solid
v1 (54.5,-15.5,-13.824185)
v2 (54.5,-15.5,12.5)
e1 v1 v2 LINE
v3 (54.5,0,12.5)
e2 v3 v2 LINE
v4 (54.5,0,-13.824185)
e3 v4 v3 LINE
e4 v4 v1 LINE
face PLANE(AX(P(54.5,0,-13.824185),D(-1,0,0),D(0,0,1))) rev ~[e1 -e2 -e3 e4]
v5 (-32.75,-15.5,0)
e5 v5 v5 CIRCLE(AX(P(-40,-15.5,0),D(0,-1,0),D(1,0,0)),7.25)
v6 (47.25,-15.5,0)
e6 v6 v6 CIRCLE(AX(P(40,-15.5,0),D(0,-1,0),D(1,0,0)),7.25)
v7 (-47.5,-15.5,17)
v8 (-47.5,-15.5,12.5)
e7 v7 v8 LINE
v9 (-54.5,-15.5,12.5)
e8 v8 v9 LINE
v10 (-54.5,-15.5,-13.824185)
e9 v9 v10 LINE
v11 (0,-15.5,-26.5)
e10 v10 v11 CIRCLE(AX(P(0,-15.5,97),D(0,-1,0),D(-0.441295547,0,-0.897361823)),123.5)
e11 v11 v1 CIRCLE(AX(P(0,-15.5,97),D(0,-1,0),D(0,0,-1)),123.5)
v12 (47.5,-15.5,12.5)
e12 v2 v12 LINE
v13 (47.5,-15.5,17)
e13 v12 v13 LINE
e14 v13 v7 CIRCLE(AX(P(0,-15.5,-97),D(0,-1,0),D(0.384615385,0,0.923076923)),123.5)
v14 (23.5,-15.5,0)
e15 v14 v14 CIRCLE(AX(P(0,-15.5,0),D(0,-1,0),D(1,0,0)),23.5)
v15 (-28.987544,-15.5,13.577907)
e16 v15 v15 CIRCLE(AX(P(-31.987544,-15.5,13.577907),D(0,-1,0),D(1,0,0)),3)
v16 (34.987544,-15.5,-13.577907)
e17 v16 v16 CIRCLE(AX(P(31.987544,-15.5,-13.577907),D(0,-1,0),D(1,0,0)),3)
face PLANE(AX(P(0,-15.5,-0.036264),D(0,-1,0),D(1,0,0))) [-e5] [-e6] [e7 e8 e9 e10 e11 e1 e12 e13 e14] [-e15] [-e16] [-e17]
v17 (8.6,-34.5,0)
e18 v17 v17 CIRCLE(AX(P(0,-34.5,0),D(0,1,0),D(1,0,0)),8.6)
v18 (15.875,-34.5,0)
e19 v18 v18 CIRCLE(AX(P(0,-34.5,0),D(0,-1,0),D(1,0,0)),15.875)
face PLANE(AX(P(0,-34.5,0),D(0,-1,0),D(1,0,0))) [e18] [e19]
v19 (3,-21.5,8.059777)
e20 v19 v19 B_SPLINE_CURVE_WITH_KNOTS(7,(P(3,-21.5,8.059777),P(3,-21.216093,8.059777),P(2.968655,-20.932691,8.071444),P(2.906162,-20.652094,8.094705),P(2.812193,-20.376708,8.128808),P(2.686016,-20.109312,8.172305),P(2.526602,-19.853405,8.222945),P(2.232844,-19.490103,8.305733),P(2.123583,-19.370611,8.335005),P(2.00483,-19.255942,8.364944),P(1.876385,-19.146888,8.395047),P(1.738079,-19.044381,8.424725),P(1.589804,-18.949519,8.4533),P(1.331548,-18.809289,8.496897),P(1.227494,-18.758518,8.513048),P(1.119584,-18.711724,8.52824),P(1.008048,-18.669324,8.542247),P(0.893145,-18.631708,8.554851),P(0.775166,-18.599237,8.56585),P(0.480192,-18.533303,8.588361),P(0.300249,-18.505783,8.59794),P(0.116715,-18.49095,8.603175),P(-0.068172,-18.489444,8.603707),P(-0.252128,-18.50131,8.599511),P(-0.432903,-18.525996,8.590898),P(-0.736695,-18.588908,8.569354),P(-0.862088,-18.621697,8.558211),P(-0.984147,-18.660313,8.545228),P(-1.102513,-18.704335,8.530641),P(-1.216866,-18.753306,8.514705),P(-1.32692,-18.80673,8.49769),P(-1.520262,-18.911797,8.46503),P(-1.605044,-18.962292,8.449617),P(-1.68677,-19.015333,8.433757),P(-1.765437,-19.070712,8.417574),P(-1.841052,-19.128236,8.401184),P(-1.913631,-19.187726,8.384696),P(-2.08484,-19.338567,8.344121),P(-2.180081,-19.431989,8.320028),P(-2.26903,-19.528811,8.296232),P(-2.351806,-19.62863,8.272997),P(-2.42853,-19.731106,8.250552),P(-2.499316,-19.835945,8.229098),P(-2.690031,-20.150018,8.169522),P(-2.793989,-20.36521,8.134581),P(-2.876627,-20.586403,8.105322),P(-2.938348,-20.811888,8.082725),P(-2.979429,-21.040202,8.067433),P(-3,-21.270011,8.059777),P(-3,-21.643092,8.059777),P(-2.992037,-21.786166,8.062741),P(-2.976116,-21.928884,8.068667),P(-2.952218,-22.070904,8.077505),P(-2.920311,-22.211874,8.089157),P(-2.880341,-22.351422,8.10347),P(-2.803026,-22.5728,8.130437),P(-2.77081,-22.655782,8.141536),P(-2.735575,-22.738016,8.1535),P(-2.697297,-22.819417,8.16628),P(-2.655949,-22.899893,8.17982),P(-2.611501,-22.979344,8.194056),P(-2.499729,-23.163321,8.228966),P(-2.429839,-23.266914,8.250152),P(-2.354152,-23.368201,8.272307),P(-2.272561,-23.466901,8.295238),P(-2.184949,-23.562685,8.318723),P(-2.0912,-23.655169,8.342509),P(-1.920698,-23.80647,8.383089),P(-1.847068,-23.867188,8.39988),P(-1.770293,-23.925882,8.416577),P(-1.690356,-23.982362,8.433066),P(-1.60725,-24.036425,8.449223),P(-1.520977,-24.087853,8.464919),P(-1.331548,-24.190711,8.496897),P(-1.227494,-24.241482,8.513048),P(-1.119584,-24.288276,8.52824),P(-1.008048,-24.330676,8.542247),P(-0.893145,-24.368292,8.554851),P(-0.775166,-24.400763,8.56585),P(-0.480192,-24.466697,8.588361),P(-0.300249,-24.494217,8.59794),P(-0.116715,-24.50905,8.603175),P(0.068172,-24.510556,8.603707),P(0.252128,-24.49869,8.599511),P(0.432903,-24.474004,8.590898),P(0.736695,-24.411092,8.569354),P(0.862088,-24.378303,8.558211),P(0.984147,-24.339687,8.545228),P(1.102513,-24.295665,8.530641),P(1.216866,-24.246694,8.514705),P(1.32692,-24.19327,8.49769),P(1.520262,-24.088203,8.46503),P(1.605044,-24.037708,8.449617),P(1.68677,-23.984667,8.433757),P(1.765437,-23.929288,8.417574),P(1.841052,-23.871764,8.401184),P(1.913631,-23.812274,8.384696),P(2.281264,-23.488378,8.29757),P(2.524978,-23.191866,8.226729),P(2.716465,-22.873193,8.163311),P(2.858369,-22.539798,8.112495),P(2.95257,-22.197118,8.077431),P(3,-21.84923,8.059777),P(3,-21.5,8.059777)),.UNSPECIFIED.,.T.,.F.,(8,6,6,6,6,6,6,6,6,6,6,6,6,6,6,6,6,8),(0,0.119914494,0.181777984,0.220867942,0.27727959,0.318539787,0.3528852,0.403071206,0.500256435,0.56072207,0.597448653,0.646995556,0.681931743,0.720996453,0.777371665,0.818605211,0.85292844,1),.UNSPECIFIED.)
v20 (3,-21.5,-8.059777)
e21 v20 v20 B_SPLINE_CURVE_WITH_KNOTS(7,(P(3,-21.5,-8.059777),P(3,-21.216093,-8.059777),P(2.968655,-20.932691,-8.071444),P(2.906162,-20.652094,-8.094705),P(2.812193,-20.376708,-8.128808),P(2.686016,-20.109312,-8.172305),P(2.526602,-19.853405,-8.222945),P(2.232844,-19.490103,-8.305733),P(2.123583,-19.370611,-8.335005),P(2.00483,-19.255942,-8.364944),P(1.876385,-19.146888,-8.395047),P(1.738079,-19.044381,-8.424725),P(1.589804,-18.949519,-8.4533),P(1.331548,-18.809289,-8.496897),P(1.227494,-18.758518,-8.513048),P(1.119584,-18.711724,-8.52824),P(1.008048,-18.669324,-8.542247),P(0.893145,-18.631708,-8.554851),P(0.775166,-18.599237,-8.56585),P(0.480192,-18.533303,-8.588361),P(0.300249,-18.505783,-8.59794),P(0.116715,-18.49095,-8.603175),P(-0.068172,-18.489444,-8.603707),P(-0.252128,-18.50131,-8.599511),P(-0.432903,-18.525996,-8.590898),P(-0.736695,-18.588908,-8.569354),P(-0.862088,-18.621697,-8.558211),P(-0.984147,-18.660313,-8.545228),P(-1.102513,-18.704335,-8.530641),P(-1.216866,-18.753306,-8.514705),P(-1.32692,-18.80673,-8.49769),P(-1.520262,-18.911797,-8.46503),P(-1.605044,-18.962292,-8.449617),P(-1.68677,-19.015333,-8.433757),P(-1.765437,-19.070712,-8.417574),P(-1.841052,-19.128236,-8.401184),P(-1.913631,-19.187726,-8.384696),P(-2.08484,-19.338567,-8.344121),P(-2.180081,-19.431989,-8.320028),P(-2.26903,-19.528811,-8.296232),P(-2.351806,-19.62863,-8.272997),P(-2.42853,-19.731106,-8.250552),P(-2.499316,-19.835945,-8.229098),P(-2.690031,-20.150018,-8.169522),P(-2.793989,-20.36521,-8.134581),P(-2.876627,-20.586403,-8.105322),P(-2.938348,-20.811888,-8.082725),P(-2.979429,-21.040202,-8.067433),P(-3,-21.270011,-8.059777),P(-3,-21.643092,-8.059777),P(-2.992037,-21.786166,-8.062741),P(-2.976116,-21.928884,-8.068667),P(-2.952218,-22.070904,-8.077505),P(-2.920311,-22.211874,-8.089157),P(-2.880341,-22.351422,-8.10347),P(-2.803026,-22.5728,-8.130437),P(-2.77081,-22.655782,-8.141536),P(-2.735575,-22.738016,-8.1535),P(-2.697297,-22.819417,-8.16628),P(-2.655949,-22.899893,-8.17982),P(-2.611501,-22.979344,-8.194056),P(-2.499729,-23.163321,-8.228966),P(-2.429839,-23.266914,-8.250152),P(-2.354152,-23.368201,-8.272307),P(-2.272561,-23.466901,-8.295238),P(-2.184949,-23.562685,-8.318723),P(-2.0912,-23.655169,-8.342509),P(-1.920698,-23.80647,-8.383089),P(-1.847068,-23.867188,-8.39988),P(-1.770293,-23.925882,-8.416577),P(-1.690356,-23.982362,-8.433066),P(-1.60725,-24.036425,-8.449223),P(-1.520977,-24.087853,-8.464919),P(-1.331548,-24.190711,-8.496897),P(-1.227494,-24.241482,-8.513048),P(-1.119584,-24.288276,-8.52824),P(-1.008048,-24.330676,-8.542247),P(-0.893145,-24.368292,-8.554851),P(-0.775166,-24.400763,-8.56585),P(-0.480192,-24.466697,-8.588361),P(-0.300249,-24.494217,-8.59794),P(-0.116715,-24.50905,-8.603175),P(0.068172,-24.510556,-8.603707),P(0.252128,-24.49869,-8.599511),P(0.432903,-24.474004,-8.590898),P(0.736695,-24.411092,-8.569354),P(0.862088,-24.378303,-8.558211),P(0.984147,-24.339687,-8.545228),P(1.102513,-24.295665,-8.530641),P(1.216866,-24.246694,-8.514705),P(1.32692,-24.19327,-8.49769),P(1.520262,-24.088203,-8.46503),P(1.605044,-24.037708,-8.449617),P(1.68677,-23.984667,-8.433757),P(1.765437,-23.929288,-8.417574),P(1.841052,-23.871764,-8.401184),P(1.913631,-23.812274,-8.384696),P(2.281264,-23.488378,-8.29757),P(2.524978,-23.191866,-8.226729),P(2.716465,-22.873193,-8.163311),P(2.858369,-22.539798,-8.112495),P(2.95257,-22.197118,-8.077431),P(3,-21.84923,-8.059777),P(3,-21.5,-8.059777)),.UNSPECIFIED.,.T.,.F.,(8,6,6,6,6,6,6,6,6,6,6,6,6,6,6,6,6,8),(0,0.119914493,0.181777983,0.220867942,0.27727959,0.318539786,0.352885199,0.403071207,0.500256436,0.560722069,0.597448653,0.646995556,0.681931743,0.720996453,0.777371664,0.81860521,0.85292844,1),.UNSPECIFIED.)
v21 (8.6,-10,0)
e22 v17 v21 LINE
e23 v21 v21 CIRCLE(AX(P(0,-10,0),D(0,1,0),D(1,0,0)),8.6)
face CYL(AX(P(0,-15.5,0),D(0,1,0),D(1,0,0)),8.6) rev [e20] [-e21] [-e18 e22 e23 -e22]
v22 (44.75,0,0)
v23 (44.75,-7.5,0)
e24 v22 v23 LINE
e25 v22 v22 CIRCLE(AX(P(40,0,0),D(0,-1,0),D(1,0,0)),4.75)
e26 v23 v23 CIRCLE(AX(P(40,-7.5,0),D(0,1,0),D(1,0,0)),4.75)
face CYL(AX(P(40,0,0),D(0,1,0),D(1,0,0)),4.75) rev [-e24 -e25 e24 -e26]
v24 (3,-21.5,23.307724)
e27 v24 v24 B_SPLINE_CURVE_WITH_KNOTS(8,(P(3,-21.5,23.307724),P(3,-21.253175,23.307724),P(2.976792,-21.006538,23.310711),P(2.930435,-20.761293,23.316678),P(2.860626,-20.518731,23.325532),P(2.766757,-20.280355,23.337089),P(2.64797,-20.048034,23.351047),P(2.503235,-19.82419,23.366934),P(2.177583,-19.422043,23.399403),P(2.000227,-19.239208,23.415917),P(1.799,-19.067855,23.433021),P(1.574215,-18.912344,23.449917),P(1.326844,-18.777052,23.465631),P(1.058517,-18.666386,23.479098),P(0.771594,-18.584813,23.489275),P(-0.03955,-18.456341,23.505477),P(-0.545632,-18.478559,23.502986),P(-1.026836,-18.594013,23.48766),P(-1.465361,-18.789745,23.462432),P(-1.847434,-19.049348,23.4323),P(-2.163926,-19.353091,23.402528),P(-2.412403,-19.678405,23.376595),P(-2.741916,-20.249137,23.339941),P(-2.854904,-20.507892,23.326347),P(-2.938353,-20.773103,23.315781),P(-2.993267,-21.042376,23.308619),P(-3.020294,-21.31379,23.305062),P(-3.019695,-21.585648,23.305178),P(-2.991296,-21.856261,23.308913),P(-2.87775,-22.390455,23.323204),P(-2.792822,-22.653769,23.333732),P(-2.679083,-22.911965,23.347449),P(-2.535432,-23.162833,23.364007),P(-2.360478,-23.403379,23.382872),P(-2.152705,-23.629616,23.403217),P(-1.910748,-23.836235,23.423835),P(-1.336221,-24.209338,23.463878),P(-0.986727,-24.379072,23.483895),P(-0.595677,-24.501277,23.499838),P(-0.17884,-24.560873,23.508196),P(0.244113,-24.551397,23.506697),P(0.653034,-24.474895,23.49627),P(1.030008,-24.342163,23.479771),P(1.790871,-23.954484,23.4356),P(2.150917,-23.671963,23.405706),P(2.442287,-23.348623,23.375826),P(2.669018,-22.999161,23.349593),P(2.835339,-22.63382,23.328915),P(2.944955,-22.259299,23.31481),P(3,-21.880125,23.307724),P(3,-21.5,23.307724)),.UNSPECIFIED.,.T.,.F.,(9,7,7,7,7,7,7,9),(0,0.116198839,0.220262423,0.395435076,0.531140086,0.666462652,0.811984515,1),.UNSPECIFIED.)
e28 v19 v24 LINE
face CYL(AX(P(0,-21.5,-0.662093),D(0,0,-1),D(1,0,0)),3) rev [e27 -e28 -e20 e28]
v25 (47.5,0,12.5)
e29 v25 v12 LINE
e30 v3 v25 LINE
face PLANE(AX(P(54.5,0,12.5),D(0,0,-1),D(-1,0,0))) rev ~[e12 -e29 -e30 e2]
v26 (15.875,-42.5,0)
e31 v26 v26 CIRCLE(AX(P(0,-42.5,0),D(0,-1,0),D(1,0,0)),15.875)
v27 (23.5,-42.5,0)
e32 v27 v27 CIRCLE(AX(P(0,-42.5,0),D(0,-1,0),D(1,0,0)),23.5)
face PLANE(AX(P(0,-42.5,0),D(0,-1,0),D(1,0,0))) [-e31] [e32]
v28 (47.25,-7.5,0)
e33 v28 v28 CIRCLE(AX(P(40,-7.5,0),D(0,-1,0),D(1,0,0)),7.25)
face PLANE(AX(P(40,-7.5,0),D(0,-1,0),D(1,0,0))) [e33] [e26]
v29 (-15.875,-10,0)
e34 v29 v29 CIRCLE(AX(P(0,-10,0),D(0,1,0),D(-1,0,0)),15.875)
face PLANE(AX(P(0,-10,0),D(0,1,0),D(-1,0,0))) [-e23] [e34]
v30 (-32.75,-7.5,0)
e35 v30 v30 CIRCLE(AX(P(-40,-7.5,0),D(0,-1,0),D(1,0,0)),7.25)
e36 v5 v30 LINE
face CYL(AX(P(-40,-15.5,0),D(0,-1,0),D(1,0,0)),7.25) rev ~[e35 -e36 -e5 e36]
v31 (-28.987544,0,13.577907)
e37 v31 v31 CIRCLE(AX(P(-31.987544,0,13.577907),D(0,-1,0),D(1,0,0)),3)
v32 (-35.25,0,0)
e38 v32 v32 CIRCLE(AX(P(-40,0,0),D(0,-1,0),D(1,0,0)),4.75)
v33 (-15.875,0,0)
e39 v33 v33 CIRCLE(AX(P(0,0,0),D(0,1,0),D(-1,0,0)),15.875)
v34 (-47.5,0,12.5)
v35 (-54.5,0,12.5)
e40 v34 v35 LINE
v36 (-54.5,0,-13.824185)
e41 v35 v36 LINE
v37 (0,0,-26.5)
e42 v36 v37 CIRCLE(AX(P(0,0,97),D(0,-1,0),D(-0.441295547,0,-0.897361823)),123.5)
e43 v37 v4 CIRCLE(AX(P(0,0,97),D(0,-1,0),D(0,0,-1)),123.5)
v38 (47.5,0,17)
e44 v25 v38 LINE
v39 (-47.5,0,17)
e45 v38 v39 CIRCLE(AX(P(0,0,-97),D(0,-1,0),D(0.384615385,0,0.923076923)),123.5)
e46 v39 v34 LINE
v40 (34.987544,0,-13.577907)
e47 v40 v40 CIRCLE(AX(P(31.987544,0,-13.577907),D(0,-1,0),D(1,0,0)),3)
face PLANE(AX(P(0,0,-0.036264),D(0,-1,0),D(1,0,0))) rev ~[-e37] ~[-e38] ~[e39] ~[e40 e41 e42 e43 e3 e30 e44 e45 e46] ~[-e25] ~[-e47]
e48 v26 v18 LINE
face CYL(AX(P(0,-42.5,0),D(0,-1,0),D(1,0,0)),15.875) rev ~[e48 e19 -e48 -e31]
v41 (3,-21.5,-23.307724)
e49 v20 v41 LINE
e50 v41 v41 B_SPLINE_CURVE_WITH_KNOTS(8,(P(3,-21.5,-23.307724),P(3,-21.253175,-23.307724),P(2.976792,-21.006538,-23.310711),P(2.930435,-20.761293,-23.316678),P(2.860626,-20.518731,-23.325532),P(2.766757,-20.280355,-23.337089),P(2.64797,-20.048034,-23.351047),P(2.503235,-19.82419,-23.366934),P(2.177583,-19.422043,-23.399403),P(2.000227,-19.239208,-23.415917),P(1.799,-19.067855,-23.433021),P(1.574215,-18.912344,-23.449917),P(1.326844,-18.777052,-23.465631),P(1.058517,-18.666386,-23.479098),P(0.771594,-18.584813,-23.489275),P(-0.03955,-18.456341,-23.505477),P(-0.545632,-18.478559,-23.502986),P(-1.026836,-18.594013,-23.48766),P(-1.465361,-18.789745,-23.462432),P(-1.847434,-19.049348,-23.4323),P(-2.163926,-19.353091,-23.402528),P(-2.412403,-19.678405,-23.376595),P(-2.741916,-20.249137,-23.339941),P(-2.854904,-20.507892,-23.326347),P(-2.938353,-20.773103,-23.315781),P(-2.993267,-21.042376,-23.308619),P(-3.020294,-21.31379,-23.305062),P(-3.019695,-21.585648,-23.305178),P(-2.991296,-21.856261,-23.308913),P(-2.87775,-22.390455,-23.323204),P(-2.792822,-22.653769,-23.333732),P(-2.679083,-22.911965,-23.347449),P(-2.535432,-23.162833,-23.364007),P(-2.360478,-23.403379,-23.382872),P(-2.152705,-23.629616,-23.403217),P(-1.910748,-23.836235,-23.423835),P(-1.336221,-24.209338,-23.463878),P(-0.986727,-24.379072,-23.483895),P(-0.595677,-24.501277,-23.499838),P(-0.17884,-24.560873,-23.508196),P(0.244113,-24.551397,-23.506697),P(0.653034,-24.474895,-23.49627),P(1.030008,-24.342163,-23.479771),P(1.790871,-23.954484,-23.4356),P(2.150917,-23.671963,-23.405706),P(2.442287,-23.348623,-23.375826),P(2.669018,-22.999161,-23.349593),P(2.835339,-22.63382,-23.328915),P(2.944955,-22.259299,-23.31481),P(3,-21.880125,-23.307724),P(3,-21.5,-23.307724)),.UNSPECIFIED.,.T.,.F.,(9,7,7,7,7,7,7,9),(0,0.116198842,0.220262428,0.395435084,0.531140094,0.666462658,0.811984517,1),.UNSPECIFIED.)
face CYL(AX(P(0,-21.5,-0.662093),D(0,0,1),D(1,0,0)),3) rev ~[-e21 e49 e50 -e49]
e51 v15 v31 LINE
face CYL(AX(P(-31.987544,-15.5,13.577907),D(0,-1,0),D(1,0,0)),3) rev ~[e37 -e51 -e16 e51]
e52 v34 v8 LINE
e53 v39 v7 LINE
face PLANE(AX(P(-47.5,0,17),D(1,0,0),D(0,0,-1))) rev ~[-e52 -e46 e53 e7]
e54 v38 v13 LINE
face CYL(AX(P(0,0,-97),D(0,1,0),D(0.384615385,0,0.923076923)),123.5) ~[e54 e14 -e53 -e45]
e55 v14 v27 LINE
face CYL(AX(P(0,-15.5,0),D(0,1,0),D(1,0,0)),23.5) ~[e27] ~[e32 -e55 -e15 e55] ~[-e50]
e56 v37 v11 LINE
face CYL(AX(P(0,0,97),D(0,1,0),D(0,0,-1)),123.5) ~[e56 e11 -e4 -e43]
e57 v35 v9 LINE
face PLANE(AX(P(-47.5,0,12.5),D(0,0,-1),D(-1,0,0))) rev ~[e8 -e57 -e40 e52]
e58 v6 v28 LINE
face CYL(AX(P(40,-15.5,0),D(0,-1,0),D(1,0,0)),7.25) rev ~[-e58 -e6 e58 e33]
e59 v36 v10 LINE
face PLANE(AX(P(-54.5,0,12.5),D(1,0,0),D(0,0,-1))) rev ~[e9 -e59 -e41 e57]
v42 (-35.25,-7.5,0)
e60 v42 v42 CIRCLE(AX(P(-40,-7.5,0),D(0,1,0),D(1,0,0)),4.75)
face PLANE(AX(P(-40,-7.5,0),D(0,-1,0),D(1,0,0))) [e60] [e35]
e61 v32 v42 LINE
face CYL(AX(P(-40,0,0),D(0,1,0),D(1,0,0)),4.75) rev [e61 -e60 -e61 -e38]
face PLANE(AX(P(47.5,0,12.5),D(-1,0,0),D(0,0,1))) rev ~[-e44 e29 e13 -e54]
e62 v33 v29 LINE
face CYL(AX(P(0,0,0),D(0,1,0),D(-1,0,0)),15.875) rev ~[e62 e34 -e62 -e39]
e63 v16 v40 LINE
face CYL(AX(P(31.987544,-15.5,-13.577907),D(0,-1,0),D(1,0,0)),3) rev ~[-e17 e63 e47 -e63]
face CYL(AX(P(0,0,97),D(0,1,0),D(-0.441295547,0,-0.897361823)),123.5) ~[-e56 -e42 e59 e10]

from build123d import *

# Parameters (mm, degrees)
F0_R           = 4.75
F0_R_2         = 8.6
F1_DEPTH       = 15.5
F2_R           = 7.25
F3_DEPTH       = 8
F4_R           = 23.5
F4_R_2         = 8.6
F5_DEPTH       = 27
F6_R           = 15.875
F7_DEPTH       = 8
F8_R           = 15.875
F9_DEPTH       = 10
F14_R          = 3
F15_DEPTH      = 25
F15_DEPTH_BACK = 25
F16_R          = 3
F17_DEPTH      = 15.5


with BuildPart() as f1:
    # F0 (on Front) → F1 (new body)
    with BuildSketch(Plane.XZ):
        with BuildLine():
            ThreePointArc((-54.5, -13.8241850861), (-27.977340312, -23.2893113667), (0, -26.5))
            ThreePointArc((0, -26.5), (27.977340312, -23.2893113667), (54.5, -13.8241850861))
            Line((54.5, -13.8241850861), (54.5, 12.5))
            Line((54.5, 12.5), (47.5, 12.5))
            Line((47.5, 12.5), (47.5, 17))
            ThreePointArc((47.5, 17), (0, 26.5), (-47.5, 17))
            Line((-47.5, 17), (-47.5, 12.5))
            Line((-47.5, 12.5), (-54.5, 12.5))
            Line((-54.5, 12.5), (-54.5, -13.8241850861))
        make_face()
        with Locations((-40, 0)):
            Circle(F0_R, mode=Mode.SUBTRACT)
        Circle(F0_R_2, mode=Mode.SUBTRACT)
        with Locations((40, 0)):
            Circle(F0_R, mode=Mode.SUBTRACT)
    extrude(amount=F1_DEPTH)

    # F2 (on face) → F3 (cut)
    with BuildSketch(Plane.XZ.offset(15.5)):
        with Locations((-40, 0)):
            Circle(F2_R)
        with Locations((40, 0)):
            Circle(F2_R)
    extrude(amount=-F3_DEPTH, mode=Mode.SUBTRACT)

    # F4 (on face) → F5 (join)
    with BuildSketch(Plane.XZ.offset(15.5)):
        Circle(F4_R)
        Circle(F4_R_2, mode=Mode.SUBTRACT)
    extrude(amount=F5_DEPTH)

    # F6 (on face) → F7 (cut)
    with BuildSketch(Plane.XZ.offset(42.5)):
        Circle(F6_R)
    extrude(amount=-F7_DEPTH, mode=Mode.SUBTRACT)

    # F8 (on face) → F9 (cut)
    with BuildSketch(Plane(origin=(0, 0, 0), x_dir=(-1, 0, 0), z_dir=(0, 1, 0))):
        Circle(F8_R)
    extrude(amount=-F9_DEPTH, mode=Mode.SUBTRACT)

    # F14 (on 3pt) → F15 (cut, two sides)
    with BuildSketch(Plane.XY.offset(-0.6620925431)) as f15_sk:
        with Locations((0, -21.5)):
            Circle(F14_R)
    extrude(amount=F15_DEPTH, mode=Mode.SUBTRACT)
    extrude(f15_sk.sketch, amount=-F15_DEPTH_BACK, mode=Mode.SUBTRACT)

    # F16 (on face) → F17 (cut, through all)
    with BuildSketch(Plane.XZ.offset(15.5)):
        with Locations((-31.9875436575, 13.577906715)):
            Circle(F16_R)
        with Locations((31.9875436575, -13.577906715)):
            Circle(F16_R)
    extrude(amount=-F17_DEPTH, mode=Mode.SUBTRACT)


solid = f1.part
